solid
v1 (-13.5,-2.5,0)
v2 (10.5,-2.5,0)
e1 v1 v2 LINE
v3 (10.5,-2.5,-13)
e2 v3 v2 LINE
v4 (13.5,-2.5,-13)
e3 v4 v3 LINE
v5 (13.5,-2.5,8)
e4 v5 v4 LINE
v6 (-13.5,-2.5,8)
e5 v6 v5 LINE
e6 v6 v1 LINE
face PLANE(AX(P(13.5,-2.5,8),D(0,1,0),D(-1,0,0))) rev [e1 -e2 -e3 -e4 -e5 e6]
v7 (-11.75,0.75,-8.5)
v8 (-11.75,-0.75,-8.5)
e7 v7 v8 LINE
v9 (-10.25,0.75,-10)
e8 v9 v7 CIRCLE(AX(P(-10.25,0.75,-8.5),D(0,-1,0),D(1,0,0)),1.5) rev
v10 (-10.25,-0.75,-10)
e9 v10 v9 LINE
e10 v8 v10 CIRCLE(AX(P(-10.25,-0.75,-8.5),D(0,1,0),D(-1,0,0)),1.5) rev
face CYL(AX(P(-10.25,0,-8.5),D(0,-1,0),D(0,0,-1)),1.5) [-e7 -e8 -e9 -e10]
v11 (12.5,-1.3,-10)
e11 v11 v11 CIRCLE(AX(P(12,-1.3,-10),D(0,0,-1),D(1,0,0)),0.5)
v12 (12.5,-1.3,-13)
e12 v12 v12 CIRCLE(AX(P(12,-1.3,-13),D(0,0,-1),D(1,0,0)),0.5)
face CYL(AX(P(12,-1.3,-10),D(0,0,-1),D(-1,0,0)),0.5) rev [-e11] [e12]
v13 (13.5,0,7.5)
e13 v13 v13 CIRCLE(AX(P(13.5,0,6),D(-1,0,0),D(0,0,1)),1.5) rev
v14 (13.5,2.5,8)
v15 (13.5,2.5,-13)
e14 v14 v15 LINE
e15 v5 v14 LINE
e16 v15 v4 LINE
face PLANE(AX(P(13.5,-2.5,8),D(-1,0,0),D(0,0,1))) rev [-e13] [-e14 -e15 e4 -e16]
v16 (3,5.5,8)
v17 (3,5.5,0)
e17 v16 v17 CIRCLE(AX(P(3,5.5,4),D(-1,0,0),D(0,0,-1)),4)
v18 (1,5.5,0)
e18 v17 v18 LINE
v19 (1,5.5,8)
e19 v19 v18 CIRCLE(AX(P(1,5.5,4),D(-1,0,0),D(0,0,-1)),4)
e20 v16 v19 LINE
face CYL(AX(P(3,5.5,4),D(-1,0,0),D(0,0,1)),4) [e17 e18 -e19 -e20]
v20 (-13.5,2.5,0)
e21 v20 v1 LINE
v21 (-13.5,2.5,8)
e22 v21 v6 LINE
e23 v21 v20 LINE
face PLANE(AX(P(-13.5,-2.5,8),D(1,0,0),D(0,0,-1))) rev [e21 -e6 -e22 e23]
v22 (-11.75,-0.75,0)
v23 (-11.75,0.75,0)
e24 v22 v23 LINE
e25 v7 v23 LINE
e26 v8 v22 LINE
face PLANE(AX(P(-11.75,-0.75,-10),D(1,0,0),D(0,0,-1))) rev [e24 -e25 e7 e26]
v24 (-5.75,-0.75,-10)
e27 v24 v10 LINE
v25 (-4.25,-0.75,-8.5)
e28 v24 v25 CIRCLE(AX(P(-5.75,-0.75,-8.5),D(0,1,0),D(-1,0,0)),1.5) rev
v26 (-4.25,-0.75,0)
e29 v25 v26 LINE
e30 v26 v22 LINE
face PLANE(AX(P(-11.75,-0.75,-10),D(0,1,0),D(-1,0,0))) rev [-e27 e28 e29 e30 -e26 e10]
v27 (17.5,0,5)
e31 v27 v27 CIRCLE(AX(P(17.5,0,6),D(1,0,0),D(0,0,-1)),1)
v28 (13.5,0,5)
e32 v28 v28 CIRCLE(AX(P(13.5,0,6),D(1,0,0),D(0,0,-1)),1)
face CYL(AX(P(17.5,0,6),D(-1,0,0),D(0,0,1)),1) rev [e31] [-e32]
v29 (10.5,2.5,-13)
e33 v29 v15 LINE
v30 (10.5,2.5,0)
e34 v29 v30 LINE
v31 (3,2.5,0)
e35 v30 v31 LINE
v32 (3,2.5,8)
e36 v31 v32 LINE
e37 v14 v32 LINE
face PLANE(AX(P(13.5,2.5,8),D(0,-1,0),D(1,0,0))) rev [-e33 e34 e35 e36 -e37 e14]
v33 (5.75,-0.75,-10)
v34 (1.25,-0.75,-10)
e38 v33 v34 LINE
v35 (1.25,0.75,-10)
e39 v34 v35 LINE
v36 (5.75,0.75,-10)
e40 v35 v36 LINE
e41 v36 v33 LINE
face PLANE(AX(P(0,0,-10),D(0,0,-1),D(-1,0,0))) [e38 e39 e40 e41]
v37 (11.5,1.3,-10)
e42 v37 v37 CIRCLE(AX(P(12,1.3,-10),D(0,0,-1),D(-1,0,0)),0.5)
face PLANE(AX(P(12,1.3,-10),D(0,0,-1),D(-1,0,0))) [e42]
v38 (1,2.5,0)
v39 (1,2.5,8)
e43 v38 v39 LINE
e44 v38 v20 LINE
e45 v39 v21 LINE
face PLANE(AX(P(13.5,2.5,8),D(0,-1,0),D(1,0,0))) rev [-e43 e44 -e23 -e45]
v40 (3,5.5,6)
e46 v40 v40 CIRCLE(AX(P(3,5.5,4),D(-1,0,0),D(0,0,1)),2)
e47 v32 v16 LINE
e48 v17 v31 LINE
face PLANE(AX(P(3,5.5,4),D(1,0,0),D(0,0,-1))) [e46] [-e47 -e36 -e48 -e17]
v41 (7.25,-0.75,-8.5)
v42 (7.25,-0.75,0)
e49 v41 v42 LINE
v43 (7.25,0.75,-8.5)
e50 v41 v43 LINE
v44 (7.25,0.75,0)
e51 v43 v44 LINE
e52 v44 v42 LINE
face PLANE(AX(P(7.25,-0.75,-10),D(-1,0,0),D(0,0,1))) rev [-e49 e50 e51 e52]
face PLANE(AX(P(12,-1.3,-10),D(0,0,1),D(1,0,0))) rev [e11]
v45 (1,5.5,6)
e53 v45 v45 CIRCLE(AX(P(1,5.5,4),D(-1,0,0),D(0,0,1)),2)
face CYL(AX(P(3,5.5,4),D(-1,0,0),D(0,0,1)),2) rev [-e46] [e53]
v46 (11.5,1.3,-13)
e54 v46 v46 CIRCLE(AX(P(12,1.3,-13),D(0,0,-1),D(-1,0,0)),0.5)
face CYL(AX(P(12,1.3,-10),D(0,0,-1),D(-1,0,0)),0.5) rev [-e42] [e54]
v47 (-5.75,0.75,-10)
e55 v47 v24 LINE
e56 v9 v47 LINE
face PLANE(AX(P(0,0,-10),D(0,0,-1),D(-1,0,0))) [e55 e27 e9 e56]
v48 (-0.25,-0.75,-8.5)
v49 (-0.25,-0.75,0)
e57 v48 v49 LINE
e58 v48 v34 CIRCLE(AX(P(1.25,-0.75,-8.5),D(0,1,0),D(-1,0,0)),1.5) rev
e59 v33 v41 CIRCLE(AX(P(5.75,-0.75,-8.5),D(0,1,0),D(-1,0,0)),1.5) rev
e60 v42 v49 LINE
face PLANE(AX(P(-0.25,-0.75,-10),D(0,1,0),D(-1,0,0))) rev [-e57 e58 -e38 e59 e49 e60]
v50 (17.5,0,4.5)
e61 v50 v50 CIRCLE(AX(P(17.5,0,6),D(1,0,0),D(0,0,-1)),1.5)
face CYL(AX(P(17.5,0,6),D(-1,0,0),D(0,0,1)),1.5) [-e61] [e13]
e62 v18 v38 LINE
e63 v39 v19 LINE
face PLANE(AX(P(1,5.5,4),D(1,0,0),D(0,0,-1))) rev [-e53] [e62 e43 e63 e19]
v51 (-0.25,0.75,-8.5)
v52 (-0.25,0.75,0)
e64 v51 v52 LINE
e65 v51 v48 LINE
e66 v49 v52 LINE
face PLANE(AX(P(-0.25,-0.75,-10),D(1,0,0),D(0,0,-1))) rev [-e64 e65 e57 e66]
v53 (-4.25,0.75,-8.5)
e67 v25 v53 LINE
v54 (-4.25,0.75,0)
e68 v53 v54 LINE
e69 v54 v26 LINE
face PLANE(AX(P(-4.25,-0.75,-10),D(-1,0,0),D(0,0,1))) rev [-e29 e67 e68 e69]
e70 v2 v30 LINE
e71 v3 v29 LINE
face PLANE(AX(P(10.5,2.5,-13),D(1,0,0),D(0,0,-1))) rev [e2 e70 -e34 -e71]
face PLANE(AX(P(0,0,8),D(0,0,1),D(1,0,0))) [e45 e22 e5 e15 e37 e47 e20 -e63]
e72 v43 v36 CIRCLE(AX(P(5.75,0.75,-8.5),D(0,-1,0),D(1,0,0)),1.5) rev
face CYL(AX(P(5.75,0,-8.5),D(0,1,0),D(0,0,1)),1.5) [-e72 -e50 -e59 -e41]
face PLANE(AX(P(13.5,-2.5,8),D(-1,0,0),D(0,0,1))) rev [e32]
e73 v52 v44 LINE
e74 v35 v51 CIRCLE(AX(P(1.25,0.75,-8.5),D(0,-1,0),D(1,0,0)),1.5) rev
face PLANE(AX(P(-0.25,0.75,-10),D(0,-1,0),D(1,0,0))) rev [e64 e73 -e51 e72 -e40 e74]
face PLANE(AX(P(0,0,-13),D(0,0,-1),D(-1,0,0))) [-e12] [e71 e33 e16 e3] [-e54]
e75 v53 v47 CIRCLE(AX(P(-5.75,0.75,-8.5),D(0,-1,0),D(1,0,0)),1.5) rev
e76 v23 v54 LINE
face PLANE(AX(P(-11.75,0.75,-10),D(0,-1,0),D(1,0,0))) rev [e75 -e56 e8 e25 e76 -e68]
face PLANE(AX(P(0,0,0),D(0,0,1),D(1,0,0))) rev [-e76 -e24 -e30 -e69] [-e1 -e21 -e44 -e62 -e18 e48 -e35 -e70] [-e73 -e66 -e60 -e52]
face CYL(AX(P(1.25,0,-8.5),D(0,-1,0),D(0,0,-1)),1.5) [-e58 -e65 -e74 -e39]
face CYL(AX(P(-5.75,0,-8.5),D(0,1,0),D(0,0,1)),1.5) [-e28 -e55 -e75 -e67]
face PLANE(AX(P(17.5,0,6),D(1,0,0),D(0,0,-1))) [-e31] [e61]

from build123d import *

# Parameters (mm, degrees)
SKETCH_1_W          = 27
SKETCH_1_H          = 5
EXTRUDE_1_DEPTH     = 8
SKETCH_2_W          = 3
SKETCH_2_H          = 5
EXTRUDE_2_DEPTH     = 13
SKETCH_3_R          = 0.5
CUT_EXTRUDE_1_DEPTH = 3
SKETCH_4_R          = 1.5
SKETCH_4_R_2        = 1
EXTRUDE_3_DEPTH     = 4
SKETCH_6_R          = 2
EXTRUDE_5_DEPTH     = 2
SKETCH_7_W          = 7.5
SKETCH_7_H          = 1.5
EXTRUDE_6_DEPTH     = 10
FILLET_1_R          = 1.5


with BuildPart() as part:
    # 草图1 → 凸台-拉伸1 (new body)
    with BuildSketch(Plane.XY):
        Rectangle(SKETCH_1_W, SKETCH_1_H)
    extrude(amount=EXTRUDE_1_DEPTH)

    # 草图2 → 凸台-拉伸2 (add)
    with BuildSketch(Plane(origin=(0, 0, 0), x_dir=(-1, 0, 0), z_dir=(0, 0, -1))):
        with Locations((-12, 0)):
            Rectangle(SKETCH_2_W, SKETCH_2_H)
    extrude(amount=EXTRUDE_2_DEPTH)

    # 草图3 → 切除-拉伸1 (cut)
    with BuildSketch(Plane(origin=(0, 0, -13), x_dir=(-1, 0, 0), z_dir=(0, 0, -1))):
        with Locations((-12, 1.3)):
            Circle(SKETCH_3_R)
        with Locations(Location((-12, -1.3, 0), (0, 0, 180))):
            Circle(SKETCH_3_R)
    extrude(amount=-CUT_EXTRUDE_1_DEPTH, mode=Mode.SUBTRACT)

    # 草图4 → 凸台-拉伸3 (add)
    with BuildSketch(Plane(origin=(13.5, 0, 0), x_dir=(0, 0, -1), z_dir=(1, 0, 0))):
        with Locations(Location((-6, 0, 0), (0, 0, 180))):
            Circle(SKETCH_4_R)
        with Locations((-6, 0)):
            Circle(SKETCH_4_R_2, mode=Mode.SUBTRACT)
    extrude(amount=EXTRUDE_3_DEPTH)

    # 草图6 → 凸台-拉伸5 (add)
    with BuildSketch(Plane.ZY.offset(-1)):
        with BuildLine():
            Line((8, 2.5), (0, 2.5))
            Line((0, 2.5), (0, 5.5))
            ThreePointArc((0, 5.5), (4, 9.5), (8, 5.5))
            Line((8, 5.5), (8, 2.5))
        make_face()
        with Locations((4, 5.5)):
            Circle(SKETCH_6_R, mode=Mode.SUBTRACT)
    extrude(amount=-EXTRUDE_5_DEPTH)

    # 草图7 → 凸台-拉伸6 (add)
    with BuildSketch(Plane(origin=(0, 0, 0), x_dir=(-1, 0, 0), z_dir=(0, 0, -1))):
        with Locations((-3.5, 0)):
            Rectangle(SKETCH_7_W, SKETCH_7_H)
        with Locations((8, 0)):
            Rectangle(SKETCH_7_W, SKETCH_7_H)
    extrude(amount=EXTRUDE_6_DEPTH)

    # 圆角1
    fillet_1_edges = [part.edges().sort_by_distance(p)[0] for p in [
        (7.25, 0, -10),
        (-0.25, 0, -10),
        (-4.25, 0, -10),
        (-11.75, 0, -10),
    ]]
    fillet(fillet_1_edges, radius=FILLET_1_R)


solid = part.part
